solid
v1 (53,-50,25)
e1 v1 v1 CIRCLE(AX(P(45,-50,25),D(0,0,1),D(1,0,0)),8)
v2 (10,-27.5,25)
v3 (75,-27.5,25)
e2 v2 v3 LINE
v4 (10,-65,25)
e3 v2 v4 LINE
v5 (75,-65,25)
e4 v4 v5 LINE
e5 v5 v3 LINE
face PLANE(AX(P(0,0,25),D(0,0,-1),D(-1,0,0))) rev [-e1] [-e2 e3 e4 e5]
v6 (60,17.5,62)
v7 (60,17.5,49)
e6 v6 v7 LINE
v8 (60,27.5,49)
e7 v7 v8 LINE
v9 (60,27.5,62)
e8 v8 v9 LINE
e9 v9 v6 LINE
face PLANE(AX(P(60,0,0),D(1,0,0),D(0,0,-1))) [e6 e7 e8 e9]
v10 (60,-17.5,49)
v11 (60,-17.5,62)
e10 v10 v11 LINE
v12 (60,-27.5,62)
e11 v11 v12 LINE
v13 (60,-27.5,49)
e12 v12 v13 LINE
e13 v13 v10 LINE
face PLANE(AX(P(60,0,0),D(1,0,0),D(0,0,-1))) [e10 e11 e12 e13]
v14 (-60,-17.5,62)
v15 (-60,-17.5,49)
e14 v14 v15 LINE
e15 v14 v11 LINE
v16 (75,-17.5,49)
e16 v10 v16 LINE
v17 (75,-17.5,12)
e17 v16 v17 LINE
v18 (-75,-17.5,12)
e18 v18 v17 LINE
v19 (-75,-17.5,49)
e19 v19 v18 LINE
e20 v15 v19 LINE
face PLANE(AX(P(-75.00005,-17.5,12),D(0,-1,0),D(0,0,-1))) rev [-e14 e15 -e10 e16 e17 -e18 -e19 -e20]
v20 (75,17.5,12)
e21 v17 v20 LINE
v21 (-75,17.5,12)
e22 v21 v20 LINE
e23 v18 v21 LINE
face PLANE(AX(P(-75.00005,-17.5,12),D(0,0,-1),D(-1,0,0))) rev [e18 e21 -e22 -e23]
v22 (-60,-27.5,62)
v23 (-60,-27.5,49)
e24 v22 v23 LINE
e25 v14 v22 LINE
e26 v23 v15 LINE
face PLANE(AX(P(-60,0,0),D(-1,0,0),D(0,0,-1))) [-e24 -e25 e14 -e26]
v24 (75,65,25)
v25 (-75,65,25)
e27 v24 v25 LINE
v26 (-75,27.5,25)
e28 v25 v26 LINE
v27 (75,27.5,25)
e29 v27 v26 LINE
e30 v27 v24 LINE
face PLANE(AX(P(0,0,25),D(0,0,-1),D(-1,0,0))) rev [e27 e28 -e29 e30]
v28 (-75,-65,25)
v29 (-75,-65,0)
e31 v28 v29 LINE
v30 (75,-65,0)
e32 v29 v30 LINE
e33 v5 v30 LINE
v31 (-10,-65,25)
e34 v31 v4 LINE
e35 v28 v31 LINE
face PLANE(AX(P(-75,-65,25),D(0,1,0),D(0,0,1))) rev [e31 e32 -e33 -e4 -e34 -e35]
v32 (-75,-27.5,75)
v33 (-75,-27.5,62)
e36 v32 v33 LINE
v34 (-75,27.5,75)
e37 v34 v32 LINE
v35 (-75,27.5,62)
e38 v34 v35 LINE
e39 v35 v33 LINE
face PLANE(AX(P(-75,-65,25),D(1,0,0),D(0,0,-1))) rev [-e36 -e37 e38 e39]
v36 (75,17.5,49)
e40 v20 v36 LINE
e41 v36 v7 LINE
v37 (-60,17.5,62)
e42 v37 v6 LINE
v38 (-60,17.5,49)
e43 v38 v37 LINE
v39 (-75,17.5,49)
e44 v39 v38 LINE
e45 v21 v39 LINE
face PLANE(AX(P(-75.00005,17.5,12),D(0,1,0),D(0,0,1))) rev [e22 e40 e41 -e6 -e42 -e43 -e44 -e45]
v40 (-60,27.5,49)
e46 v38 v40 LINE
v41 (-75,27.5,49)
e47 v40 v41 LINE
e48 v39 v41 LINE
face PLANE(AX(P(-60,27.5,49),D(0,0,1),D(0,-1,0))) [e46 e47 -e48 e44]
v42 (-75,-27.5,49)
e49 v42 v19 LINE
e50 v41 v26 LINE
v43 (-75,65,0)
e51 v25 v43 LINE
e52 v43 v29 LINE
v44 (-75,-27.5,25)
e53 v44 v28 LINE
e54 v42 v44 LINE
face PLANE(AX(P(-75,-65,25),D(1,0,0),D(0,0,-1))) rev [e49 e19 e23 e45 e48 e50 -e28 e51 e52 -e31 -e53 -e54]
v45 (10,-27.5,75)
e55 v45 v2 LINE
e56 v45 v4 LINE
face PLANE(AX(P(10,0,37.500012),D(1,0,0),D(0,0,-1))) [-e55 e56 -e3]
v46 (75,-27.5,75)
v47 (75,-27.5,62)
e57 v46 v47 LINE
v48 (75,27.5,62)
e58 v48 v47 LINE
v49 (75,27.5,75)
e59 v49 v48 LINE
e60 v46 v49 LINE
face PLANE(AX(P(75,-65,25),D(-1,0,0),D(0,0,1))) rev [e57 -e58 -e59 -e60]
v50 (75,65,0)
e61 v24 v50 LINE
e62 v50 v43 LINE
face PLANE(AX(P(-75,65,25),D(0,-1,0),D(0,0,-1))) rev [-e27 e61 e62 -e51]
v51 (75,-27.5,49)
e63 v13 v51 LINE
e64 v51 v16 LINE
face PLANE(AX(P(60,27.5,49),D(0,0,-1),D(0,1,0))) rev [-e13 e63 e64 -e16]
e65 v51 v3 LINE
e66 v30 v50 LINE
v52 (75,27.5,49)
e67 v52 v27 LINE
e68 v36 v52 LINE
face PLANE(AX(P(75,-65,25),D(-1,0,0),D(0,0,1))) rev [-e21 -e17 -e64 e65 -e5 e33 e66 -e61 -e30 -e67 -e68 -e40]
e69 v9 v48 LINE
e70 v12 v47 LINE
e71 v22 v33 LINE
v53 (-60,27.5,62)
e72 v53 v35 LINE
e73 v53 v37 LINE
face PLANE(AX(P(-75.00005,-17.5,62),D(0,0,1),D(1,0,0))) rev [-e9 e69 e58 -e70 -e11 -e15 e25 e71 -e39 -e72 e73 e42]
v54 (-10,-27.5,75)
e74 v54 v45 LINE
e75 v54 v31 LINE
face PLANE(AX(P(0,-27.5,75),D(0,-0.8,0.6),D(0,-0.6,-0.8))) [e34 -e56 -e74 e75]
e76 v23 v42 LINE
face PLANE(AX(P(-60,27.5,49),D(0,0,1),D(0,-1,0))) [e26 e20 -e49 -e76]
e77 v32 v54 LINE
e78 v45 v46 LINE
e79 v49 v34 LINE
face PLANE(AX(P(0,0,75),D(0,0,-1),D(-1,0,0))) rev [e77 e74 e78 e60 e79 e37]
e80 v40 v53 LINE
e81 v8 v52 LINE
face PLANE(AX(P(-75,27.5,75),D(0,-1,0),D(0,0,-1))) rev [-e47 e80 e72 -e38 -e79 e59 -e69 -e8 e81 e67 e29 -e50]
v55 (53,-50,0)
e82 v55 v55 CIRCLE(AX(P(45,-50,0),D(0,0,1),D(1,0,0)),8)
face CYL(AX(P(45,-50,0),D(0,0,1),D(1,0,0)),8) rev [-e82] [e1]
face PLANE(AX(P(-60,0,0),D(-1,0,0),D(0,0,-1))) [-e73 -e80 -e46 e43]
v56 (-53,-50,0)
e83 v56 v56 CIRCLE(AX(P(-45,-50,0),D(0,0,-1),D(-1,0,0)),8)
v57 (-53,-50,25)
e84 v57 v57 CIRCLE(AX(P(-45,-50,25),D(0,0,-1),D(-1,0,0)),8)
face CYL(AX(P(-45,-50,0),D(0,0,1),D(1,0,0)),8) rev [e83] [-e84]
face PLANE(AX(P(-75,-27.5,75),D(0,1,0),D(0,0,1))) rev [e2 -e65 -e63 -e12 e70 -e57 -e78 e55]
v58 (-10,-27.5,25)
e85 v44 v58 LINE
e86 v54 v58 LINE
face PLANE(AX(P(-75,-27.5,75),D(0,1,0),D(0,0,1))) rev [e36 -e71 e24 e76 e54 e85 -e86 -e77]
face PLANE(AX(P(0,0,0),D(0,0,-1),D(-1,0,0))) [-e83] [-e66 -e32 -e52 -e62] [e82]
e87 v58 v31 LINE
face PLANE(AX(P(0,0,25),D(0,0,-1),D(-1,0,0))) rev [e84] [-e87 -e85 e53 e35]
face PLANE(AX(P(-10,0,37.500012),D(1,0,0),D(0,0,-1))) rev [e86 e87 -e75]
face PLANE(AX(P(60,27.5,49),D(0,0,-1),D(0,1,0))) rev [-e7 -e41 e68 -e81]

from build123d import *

# Parameters (mm, degrees)
SKETCH_1_W          = 150
SKETCH_1_H          = 130
EXTRUDE_1_DEPTH     = 25
SKETCH_2_W          = 150
SKETCH_2_H          = 55
EXTRUDE_2_DEPTH     = 50
SKETCH_4_R          = 8
CUT_EXTRUDE_2_DEPTH = 112.130553854
RIB_1_REACH         = 126.399
SKETCH_5_WALL_W     = 313.297106092
SKETCH_5_WALL_H     = 20
SKETCH_6_W          = 50
SKETCH_6_H          = 35
CUT_EXTRUDE_3_DEPTH = 180.861057486
SKETCH_8_W          = 13
SKETCH_8_H          = 55
CUT_EXTRUDE_4_DEPTH = 15


with BuildPart() as part:
    # Эскиз1 → Бобышка-Вытянуть1 (new body)
    with BuildSketch(Plane.XY):
        Rectangle(SKETCH_1_W, SKETCH_1_H)
    extrude(amount=EXTRUDE_1_DEPTH)

    # Эскиз2 → Бобышка-Вытянуть2 (add)
    with BuildSketch(Plane.XY.offset(25)):
        Rectangle(SKETCH_2_W, SKETCH_2_H)
    extrude(amount=EXTRUDE_2_DEPTH)

    # Эскиз4 → Вырез-Вытянуть2 (cut, through all)
    with BuildSketch(Plane.XY.offset(25)):
        with Locations((45, -50)):
            Circle(SKETCH_4_R)
    cut_extrude_2 = extrude(amount=-CUT_EXTRUDE_2_DEPTH, mode=Mode.SUBTRACT)

    # Эскиз5 wall → Ребро1 (add, up to next)
    with BuildSketch(Plane(origin=(0, -46.25, 50), x_dir=(0, -0.6, -0.8), z_dir=(0, 0.8, -0.6)), mode=Mode.PRIVATE) as rib_1_sk1:
        Rectangle(SKETCH_5_WALL_W, SKETCH_5_WALL_H)
    rib_1_tool1 = extrude(rib_1_sk1.sketch, amount=RIB_1_REACH, mode=Mode.PRIVATE) - part.part
    add(rib_1_tool1.solids().sort_by_distance((0, -46.25, 50))[0])

    # Зеркальное отражение1: Вырез-Вытянуть2 across plane
    add(cut_extrude_2.mirror(Plane(origin=(0, 0, 0), x_dir=(0, 0, 1), z_dir=(1, 0, 0))), mode=Mode.SUBTRACT)

    # Эскиз6 → Вырез-Вытянуть3 (cut, through all)
    with BuildSketch(Plane(origin=(75, 0, 0), x_dir=(0, 0, -1), z_dir=(1, 0, 0))):
        with Locations((-37, 0)):
            Rectangle(SKETCH_6_W, SKETCH_6_H)
    extrude(amount=-CUT_EXTRUDE_3_DEPTH, mode=Mode.SUBTRACT)

    # Эскиз8 → Вырез-Вытянуть4 (cut)
    with BuildSketch(Plane(origin=(75, 0, 0), x_dir=(0, 0, -1), z_dir=(1, 0, 0))):
        with Locations((-55.5, 0)):
            Rectangle(SKETCH_8_W, SKETCH_8_H)
    cut_extrude_4 = extrude(amount=-CUT_EXTRUDE_4_DEPTH, mode=Mode.SUBTRACT)

    # Зеркальное отражение2: Вырез-Вытянуть4 across plane
    add(cut_extrude_4.mirror(Plane(origin=(0, 0, 0), x_dir=(0, 0, 1), z_dir=(1, 0, 0))), mode=Mode.SUBTRACT)


solid = part.part
